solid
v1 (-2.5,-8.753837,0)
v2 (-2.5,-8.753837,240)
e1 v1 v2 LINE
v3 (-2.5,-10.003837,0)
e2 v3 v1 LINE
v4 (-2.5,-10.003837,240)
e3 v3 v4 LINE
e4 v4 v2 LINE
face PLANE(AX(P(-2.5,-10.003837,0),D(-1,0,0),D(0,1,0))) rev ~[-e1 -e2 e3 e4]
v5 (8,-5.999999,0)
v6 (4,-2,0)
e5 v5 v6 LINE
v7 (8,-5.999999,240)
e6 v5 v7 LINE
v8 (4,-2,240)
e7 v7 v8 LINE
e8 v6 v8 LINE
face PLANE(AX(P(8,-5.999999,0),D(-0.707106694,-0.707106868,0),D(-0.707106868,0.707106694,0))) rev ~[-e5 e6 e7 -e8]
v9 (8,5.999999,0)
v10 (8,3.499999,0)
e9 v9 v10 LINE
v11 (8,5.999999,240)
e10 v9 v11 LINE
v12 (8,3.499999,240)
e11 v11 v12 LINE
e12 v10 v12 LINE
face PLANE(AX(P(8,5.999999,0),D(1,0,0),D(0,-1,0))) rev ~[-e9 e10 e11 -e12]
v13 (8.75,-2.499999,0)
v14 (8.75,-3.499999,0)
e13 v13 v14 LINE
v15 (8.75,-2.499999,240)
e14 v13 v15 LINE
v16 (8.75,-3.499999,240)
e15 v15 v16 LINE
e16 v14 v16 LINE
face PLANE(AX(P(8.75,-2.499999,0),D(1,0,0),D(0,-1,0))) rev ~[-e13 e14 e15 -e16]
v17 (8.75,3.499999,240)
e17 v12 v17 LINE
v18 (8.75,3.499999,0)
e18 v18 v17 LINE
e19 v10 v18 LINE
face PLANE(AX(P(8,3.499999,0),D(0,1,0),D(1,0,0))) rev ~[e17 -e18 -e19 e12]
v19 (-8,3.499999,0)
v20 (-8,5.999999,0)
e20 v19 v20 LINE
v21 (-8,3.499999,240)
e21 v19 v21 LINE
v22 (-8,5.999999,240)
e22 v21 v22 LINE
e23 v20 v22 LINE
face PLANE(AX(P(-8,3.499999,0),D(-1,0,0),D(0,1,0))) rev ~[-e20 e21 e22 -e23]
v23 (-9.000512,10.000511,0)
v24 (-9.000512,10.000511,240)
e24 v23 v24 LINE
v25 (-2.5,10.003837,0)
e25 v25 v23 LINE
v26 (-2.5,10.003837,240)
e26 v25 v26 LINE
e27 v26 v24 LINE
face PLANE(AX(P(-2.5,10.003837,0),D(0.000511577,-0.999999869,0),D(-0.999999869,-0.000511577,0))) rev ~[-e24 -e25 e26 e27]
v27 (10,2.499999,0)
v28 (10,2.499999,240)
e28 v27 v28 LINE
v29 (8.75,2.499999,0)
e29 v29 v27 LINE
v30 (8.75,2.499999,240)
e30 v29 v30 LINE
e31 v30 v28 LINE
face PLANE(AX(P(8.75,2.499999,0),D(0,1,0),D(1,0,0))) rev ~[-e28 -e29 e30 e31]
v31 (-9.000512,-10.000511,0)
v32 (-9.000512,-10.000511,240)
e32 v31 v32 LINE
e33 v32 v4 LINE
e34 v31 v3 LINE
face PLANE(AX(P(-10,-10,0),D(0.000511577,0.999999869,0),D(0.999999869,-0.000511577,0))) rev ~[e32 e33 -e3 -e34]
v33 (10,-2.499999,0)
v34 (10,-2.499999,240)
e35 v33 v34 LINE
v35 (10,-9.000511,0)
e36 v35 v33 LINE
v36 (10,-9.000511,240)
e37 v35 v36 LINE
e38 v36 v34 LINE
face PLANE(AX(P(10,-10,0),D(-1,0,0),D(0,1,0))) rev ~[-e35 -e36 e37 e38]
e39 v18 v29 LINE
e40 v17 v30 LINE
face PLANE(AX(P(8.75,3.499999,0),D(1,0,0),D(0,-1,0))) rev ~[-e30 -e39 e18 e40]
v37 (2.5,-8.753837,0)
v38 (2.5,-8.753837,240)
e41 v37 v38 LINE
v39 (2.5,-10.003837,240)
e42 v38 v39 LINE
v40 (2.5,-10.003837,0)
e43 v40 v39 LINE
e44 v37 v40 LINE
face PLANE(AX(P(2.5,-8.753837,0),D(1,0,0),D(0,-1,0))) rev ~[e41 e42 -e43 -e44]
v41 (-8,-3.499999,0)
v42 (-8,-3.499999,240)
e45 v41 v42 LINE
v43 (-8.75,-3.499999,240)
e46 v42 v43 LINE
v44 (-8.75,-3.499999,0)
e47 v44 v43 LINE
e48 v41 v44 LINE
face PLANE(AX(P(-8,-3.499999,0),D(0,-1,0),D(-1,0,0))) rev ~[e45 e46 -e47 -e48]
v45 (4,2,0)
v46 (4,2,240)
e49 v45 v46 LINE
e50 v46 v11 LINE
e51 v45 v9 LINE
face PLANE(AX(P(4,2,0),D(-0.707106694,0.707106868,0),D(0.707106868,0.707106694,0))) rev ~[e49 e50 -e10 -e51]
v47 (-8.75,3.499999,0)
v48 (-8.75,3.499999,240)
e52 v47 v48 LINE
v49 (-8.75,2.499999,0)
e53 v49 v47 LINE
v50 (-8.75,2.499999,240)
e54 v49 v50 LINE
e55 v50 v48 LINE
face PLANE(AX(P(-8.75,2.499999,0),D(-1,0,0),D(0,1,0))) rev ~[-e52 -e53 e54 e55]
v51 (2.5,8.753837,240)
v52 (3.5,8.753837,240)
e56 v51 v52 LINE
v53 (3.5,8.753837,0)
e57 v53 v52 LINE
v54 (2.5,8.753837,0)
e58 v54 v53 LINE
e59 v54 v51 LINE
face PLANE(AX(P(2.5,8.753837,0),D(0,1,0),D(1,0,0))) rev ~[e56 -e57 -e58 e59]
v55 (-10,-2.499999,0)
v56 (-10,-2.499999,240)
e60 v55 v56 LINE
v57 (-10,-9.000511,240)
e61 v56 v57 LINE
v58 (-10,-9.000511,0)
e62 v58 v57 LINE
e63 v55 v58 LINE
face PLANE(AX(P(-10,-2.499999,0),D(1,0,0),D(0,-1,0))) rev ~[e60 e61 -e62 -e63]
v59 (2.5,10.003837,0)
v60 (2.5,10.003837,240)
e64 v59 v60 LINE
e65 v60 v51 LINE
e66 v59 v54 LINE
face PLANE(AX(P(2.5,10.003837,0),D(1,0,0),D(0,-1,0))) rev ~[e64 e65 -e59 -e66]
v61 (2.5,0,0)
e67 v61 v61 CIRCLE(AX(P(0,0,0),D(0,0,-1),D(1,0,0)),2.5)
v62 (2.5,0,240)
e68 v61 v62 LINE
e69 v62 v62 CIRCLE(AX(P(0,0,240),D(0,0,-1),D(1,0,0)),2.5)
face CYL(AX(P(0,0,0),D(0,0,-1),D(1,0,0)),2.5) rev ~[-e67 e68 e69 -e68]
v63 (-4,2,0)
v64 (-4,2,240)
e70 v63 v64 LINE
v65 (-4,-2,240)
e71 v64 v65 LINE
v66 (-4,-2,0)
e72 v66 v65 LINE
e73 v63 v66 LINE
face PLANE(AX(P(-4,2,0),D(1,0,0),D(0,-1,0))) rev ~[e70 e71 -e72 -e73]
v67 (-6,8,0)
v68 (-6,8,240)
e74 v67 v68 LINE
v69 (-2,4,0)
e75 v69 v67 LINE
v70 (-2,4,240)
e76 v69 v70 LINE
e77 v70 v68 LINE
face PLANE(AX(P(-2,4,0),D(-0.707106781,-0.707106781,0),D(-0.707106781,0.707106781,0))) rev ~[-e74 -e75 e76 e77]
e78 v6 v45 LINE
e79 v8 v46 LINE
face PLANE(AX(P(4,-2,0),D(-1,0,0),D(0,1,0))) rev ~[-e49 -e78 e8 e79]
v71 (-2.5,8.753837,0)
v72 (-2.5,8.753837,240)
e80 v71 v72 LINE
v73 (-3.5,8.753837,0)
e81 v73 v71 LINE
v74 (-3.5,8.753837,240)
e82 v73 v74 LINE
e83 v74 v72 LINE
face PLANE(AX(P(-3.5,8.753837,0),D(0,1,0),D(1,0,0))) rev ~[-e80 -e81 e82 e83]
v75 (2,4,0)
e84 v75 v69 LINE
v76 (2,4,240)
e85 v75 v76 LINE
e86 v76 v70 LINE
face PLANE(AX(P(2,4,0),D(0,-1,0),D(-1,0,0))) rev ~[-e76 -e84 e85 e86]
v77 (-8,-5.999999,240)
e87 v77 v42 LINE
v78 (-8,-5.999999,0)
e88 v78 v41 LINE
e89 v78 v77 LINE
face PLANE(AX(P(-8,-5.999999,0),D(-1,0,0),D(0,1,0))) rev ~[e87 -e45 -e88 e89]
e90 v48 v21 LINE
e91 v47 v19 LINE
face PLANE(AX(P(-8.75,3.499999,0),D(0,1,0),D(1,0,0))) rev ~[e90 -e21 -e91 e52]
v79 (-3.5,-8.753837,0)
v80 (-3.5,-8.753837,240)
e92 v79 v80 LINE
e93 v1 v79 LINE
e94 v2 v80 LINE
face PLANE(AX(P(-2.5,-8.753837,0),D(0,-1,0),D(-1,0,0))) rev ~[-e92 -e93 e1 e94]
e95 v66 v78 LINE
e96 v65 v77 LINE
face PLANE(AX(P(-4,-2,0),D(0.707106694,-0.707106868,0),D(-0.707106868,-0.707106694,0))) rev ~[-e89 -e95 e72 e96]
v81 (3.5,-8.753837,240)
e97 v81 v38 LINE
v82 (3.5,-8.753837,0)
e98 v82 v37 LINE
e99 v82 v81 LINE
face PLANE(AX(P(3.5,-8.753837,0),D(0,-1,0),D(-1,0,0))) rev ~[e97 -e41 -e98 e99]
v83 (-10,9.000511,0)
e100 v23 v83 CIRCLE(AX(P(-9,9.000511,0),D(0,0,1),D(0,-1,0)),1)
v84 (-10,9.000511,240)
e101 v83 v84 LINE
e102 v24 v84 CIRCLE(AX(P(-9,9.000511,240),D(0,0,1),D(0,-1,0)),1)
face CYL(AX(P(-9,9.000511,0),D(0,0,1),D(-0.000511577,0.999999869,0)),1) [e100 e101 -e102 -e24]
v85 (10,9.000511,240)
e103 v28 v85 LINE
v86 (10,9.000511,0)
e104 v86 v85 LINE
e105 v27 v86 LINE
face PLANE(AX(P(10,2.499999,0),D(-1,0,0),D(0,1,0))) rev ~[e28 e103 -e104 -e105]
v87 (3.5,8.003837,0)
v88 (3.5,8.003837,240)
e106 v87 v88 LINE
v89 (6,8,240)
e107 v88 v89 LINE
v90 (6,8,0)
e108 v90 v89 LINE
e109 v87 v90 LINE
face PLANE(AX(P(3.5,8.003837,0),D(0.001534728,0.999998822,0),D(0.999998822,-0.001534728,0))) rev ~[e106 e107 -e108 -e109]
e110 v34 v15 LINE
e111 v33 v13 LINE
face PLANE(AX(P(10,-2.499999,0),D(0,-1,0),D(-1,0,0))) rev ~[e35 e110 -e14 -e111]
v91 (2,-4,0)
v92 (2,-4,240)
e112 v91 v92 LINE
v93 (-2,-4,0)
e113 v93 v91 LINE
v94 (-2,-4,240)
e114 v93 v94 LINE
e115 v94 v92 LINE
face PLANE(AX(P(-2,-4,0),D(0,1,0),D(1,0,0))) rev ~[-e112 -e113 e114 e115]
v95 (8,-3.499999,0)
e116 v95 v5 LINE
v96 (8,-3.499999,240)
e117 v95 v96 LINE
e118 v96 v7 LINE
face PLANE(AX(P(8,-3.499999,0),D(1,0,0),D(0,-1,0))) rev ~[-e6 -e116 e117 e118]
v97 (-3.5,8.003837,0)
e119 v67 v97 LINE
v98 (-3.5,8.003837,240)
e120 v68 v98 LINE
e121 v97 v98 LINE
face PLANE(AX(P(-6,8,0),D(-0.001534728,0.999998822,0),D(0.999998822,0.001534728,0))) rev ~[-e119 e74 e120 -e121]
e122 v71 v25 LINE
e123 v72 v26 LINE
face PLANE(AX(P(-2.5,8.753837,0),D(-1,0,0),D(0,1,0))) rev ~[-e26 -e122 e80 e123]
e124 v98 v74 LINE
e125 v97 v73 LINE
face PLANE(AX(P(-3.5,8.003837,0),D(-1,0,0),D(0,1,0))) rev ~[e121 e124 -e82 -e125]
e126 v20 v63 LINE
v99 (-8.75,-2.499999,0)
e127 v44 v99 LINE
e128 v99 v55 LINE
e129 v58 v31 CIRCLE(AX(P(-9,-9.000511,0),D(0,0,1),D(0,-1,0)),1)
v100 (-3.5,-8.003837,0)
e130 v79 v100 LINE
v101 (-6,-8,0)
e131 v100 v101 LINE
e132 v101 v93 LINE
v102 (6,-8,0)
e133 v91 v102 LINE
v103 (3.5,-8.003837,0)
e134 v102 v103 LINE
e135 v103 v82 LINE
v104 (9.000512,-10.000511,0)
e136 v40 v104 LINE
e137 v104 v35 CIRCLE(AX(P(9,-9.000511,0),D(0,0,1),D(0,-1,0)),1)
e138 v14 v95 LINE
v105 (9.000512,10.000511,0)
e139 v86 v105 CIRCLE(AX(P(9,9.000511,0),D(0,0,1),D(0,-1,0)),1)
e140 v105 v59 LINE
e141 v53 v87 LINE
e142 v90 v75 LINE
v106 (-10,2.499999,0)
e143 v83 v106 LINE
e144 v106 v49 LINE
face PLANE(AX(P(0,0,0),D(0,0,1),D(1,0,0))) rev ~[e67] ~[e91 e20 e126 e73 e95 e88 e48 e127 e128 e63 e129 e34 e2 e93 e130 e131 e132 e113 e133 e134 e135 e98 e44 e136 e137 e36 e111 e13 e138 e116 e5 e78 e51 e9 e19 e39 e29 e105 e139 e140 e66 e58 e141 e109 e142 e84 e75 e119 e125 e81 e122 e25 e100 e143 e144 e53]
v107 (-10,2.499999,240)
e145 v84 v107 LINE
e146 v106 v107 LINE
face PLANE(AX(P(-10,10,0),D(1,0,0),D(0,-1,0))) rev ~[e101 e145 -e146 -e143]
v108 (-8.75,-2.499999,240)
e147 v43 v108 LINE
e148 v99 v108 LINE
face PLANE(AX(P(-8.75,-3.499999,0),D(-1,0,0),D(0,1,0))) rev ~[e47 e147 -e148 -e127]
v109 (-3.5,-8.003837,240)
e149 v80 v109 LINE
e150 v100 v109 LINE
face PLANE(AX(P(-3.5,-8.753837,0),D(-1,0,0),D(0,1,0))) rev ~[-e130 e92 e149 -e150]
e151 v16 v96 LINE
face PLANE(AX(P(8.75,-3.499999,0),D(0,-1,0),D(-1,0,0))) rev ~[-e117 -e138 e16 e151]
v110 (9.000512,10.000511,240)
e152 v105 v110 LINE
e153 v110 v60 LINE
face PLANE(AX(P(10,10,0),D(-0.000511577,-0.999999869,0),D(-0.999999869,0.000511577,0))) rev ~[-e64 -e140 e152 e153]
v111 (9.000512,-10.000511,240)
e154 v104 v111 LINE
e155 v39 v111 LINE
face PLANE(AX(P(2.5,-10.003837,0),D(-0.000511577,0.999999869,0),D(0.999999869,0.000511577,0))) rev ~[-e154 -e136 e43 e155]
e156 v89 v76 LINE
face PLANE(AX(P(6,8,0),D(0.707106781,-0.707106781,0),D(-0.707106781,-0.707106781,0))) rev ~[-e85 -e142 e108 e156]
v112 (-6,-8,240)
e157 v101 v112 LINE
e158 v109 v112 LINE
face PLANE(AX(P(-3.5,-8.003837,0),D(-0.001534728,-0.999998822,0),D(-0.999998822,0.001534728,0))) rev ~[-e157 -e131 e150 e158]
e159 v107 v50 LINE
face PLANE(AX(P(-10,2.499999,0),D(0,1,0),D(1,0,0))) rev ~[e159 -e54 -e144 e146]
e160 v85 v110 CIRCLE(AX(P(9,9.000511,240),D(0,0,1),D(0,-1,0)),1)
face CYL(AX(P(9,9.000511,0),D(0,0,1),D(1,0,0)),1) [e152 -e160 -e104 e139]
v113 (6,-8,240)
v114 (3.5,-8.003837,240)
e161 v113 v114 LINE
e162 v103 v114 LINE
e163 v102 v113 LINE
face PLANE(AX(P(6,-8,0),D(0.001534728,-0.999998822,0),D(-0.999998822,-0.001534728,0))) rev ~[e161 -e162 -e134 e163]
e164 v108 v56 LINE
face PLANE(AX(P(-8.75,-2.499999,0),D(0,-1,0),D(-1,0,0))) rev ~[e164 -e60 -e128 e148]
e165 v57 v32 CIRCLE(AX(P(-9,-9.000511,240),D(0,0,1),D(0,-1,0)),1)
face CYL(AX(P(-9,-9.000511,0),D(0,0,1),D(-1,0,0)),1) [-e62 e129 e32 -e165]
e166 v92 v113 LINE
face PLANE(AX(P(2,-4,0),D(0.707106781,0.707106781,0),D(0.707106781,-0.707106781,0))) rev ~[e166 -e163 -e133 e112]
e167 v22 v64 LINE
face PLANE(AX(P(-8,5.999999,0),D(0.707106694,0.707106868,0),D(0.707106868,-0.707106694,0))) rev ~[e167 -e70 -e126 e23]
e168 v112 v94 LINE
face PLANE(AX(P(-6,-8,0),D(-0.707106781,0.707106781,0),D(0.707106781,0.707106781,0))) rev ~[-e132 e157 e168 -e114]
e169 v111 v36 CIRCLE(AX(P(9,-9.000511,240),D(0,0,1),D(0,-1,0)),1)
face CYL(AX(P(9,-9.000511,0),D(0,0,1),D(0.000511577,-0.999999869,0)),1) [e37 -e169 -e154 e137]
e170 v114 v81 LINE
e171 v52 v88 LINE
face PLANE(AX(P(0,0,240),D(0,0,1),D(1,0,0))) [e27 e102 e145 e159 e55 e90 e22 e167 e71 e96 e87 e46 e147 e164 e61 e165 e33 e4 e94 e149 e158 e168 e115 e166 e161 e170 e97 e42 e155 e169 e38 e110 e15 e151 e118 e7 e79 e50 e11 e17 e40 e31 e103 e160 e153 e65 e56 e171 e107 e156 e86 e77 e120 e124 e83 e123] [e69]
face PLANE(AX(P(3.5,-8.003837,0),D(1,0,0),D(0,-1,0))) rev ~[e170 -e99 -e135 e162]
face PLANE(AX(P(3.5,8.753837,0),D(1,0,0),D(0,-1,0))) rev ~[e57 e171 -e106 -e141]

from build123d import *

# Parameters (mm, degrees)
F1_DEPTH = 240
F2_R     = 1
F3_R     = 2.5
F4_DEPTH = 240


with BuildPart() as f1:
    # F0 (on Top) → F1 (new body)
    with BuildSketch(Plane.XY):
        Polygon((0, 4), (-2, 4), (-6, 8), (-3.5, 8.0038368255), (-3.5, 8.7538368255), (-2.5, 8.7538368255), (-2.5, 10.0038368255), (-10, 10), (-10, 2.4999990186), (-8.75, 2.4999990186), (-8.75, 3.4999990186), (-8, 3.4999990186), (-8, 5.9999990186), (-4, 2), (-4, 0), (-4, -2), (-8, -5.9999990186), (-8, -3.4999990186), (-8.75, -3.4999990186), (-8.75, -2.4999990186), (-10, -2.4999990186), (-10, -10), (-2.5, -10.0038368255), (-2.5, -8.7538368255), (-3.5, -8.7538368255), (-3.5, -8.0038368255), (-6, -8), (-2, -4), (0, -4), (2, -4), (6, -8), (3.5, -8.0038368255), (3.5, -8.7538368255), (2.5, -8.7538368255), (2.5, -10.0038368255), (10, -10), (10, -2.4999990186), (8.75, -2.4999990186), (8.75, -3.4999990186), (8, -3.4999990186), (8, -5.9999990186), (4, -2), (4, 0), (4, 2), (8, 5.9999990186), (8, 3.4999990186), (8.75, 3.4999990186), (8.75, 2.4999990186), (10, 2.4999990186), (10, 10), (2.5, 10.0038368255), (2.5, 8.7538368255), (3.5, 8.7538368255), (3.5, 8.0038368255), (6, 8), (2, 4), align=None)
    extrude(amount=F1_DEPTH)

    # F2
    f2_edges = [f1.edges().sort_by_distance(p)[0] for p in [
        (-10, -10, 120),
        (10, -10, 120),
        (-10, 10, 120),
        (10, 10, 120),
    ]]
    fillet(f2_edges, radius=F2_R)

    # F3 (on face) → F4 (cut, through all)
    with BuildSketch(Plane(origin=(0, 0, 0), x_dir=(1, 0, 0), z_dir=(0, 0, -1))):
        Circle(F3_R)
    extrude(amount=-F4_DEPTH, mode=Mode.SUBTRACT)


solid = f1.part
